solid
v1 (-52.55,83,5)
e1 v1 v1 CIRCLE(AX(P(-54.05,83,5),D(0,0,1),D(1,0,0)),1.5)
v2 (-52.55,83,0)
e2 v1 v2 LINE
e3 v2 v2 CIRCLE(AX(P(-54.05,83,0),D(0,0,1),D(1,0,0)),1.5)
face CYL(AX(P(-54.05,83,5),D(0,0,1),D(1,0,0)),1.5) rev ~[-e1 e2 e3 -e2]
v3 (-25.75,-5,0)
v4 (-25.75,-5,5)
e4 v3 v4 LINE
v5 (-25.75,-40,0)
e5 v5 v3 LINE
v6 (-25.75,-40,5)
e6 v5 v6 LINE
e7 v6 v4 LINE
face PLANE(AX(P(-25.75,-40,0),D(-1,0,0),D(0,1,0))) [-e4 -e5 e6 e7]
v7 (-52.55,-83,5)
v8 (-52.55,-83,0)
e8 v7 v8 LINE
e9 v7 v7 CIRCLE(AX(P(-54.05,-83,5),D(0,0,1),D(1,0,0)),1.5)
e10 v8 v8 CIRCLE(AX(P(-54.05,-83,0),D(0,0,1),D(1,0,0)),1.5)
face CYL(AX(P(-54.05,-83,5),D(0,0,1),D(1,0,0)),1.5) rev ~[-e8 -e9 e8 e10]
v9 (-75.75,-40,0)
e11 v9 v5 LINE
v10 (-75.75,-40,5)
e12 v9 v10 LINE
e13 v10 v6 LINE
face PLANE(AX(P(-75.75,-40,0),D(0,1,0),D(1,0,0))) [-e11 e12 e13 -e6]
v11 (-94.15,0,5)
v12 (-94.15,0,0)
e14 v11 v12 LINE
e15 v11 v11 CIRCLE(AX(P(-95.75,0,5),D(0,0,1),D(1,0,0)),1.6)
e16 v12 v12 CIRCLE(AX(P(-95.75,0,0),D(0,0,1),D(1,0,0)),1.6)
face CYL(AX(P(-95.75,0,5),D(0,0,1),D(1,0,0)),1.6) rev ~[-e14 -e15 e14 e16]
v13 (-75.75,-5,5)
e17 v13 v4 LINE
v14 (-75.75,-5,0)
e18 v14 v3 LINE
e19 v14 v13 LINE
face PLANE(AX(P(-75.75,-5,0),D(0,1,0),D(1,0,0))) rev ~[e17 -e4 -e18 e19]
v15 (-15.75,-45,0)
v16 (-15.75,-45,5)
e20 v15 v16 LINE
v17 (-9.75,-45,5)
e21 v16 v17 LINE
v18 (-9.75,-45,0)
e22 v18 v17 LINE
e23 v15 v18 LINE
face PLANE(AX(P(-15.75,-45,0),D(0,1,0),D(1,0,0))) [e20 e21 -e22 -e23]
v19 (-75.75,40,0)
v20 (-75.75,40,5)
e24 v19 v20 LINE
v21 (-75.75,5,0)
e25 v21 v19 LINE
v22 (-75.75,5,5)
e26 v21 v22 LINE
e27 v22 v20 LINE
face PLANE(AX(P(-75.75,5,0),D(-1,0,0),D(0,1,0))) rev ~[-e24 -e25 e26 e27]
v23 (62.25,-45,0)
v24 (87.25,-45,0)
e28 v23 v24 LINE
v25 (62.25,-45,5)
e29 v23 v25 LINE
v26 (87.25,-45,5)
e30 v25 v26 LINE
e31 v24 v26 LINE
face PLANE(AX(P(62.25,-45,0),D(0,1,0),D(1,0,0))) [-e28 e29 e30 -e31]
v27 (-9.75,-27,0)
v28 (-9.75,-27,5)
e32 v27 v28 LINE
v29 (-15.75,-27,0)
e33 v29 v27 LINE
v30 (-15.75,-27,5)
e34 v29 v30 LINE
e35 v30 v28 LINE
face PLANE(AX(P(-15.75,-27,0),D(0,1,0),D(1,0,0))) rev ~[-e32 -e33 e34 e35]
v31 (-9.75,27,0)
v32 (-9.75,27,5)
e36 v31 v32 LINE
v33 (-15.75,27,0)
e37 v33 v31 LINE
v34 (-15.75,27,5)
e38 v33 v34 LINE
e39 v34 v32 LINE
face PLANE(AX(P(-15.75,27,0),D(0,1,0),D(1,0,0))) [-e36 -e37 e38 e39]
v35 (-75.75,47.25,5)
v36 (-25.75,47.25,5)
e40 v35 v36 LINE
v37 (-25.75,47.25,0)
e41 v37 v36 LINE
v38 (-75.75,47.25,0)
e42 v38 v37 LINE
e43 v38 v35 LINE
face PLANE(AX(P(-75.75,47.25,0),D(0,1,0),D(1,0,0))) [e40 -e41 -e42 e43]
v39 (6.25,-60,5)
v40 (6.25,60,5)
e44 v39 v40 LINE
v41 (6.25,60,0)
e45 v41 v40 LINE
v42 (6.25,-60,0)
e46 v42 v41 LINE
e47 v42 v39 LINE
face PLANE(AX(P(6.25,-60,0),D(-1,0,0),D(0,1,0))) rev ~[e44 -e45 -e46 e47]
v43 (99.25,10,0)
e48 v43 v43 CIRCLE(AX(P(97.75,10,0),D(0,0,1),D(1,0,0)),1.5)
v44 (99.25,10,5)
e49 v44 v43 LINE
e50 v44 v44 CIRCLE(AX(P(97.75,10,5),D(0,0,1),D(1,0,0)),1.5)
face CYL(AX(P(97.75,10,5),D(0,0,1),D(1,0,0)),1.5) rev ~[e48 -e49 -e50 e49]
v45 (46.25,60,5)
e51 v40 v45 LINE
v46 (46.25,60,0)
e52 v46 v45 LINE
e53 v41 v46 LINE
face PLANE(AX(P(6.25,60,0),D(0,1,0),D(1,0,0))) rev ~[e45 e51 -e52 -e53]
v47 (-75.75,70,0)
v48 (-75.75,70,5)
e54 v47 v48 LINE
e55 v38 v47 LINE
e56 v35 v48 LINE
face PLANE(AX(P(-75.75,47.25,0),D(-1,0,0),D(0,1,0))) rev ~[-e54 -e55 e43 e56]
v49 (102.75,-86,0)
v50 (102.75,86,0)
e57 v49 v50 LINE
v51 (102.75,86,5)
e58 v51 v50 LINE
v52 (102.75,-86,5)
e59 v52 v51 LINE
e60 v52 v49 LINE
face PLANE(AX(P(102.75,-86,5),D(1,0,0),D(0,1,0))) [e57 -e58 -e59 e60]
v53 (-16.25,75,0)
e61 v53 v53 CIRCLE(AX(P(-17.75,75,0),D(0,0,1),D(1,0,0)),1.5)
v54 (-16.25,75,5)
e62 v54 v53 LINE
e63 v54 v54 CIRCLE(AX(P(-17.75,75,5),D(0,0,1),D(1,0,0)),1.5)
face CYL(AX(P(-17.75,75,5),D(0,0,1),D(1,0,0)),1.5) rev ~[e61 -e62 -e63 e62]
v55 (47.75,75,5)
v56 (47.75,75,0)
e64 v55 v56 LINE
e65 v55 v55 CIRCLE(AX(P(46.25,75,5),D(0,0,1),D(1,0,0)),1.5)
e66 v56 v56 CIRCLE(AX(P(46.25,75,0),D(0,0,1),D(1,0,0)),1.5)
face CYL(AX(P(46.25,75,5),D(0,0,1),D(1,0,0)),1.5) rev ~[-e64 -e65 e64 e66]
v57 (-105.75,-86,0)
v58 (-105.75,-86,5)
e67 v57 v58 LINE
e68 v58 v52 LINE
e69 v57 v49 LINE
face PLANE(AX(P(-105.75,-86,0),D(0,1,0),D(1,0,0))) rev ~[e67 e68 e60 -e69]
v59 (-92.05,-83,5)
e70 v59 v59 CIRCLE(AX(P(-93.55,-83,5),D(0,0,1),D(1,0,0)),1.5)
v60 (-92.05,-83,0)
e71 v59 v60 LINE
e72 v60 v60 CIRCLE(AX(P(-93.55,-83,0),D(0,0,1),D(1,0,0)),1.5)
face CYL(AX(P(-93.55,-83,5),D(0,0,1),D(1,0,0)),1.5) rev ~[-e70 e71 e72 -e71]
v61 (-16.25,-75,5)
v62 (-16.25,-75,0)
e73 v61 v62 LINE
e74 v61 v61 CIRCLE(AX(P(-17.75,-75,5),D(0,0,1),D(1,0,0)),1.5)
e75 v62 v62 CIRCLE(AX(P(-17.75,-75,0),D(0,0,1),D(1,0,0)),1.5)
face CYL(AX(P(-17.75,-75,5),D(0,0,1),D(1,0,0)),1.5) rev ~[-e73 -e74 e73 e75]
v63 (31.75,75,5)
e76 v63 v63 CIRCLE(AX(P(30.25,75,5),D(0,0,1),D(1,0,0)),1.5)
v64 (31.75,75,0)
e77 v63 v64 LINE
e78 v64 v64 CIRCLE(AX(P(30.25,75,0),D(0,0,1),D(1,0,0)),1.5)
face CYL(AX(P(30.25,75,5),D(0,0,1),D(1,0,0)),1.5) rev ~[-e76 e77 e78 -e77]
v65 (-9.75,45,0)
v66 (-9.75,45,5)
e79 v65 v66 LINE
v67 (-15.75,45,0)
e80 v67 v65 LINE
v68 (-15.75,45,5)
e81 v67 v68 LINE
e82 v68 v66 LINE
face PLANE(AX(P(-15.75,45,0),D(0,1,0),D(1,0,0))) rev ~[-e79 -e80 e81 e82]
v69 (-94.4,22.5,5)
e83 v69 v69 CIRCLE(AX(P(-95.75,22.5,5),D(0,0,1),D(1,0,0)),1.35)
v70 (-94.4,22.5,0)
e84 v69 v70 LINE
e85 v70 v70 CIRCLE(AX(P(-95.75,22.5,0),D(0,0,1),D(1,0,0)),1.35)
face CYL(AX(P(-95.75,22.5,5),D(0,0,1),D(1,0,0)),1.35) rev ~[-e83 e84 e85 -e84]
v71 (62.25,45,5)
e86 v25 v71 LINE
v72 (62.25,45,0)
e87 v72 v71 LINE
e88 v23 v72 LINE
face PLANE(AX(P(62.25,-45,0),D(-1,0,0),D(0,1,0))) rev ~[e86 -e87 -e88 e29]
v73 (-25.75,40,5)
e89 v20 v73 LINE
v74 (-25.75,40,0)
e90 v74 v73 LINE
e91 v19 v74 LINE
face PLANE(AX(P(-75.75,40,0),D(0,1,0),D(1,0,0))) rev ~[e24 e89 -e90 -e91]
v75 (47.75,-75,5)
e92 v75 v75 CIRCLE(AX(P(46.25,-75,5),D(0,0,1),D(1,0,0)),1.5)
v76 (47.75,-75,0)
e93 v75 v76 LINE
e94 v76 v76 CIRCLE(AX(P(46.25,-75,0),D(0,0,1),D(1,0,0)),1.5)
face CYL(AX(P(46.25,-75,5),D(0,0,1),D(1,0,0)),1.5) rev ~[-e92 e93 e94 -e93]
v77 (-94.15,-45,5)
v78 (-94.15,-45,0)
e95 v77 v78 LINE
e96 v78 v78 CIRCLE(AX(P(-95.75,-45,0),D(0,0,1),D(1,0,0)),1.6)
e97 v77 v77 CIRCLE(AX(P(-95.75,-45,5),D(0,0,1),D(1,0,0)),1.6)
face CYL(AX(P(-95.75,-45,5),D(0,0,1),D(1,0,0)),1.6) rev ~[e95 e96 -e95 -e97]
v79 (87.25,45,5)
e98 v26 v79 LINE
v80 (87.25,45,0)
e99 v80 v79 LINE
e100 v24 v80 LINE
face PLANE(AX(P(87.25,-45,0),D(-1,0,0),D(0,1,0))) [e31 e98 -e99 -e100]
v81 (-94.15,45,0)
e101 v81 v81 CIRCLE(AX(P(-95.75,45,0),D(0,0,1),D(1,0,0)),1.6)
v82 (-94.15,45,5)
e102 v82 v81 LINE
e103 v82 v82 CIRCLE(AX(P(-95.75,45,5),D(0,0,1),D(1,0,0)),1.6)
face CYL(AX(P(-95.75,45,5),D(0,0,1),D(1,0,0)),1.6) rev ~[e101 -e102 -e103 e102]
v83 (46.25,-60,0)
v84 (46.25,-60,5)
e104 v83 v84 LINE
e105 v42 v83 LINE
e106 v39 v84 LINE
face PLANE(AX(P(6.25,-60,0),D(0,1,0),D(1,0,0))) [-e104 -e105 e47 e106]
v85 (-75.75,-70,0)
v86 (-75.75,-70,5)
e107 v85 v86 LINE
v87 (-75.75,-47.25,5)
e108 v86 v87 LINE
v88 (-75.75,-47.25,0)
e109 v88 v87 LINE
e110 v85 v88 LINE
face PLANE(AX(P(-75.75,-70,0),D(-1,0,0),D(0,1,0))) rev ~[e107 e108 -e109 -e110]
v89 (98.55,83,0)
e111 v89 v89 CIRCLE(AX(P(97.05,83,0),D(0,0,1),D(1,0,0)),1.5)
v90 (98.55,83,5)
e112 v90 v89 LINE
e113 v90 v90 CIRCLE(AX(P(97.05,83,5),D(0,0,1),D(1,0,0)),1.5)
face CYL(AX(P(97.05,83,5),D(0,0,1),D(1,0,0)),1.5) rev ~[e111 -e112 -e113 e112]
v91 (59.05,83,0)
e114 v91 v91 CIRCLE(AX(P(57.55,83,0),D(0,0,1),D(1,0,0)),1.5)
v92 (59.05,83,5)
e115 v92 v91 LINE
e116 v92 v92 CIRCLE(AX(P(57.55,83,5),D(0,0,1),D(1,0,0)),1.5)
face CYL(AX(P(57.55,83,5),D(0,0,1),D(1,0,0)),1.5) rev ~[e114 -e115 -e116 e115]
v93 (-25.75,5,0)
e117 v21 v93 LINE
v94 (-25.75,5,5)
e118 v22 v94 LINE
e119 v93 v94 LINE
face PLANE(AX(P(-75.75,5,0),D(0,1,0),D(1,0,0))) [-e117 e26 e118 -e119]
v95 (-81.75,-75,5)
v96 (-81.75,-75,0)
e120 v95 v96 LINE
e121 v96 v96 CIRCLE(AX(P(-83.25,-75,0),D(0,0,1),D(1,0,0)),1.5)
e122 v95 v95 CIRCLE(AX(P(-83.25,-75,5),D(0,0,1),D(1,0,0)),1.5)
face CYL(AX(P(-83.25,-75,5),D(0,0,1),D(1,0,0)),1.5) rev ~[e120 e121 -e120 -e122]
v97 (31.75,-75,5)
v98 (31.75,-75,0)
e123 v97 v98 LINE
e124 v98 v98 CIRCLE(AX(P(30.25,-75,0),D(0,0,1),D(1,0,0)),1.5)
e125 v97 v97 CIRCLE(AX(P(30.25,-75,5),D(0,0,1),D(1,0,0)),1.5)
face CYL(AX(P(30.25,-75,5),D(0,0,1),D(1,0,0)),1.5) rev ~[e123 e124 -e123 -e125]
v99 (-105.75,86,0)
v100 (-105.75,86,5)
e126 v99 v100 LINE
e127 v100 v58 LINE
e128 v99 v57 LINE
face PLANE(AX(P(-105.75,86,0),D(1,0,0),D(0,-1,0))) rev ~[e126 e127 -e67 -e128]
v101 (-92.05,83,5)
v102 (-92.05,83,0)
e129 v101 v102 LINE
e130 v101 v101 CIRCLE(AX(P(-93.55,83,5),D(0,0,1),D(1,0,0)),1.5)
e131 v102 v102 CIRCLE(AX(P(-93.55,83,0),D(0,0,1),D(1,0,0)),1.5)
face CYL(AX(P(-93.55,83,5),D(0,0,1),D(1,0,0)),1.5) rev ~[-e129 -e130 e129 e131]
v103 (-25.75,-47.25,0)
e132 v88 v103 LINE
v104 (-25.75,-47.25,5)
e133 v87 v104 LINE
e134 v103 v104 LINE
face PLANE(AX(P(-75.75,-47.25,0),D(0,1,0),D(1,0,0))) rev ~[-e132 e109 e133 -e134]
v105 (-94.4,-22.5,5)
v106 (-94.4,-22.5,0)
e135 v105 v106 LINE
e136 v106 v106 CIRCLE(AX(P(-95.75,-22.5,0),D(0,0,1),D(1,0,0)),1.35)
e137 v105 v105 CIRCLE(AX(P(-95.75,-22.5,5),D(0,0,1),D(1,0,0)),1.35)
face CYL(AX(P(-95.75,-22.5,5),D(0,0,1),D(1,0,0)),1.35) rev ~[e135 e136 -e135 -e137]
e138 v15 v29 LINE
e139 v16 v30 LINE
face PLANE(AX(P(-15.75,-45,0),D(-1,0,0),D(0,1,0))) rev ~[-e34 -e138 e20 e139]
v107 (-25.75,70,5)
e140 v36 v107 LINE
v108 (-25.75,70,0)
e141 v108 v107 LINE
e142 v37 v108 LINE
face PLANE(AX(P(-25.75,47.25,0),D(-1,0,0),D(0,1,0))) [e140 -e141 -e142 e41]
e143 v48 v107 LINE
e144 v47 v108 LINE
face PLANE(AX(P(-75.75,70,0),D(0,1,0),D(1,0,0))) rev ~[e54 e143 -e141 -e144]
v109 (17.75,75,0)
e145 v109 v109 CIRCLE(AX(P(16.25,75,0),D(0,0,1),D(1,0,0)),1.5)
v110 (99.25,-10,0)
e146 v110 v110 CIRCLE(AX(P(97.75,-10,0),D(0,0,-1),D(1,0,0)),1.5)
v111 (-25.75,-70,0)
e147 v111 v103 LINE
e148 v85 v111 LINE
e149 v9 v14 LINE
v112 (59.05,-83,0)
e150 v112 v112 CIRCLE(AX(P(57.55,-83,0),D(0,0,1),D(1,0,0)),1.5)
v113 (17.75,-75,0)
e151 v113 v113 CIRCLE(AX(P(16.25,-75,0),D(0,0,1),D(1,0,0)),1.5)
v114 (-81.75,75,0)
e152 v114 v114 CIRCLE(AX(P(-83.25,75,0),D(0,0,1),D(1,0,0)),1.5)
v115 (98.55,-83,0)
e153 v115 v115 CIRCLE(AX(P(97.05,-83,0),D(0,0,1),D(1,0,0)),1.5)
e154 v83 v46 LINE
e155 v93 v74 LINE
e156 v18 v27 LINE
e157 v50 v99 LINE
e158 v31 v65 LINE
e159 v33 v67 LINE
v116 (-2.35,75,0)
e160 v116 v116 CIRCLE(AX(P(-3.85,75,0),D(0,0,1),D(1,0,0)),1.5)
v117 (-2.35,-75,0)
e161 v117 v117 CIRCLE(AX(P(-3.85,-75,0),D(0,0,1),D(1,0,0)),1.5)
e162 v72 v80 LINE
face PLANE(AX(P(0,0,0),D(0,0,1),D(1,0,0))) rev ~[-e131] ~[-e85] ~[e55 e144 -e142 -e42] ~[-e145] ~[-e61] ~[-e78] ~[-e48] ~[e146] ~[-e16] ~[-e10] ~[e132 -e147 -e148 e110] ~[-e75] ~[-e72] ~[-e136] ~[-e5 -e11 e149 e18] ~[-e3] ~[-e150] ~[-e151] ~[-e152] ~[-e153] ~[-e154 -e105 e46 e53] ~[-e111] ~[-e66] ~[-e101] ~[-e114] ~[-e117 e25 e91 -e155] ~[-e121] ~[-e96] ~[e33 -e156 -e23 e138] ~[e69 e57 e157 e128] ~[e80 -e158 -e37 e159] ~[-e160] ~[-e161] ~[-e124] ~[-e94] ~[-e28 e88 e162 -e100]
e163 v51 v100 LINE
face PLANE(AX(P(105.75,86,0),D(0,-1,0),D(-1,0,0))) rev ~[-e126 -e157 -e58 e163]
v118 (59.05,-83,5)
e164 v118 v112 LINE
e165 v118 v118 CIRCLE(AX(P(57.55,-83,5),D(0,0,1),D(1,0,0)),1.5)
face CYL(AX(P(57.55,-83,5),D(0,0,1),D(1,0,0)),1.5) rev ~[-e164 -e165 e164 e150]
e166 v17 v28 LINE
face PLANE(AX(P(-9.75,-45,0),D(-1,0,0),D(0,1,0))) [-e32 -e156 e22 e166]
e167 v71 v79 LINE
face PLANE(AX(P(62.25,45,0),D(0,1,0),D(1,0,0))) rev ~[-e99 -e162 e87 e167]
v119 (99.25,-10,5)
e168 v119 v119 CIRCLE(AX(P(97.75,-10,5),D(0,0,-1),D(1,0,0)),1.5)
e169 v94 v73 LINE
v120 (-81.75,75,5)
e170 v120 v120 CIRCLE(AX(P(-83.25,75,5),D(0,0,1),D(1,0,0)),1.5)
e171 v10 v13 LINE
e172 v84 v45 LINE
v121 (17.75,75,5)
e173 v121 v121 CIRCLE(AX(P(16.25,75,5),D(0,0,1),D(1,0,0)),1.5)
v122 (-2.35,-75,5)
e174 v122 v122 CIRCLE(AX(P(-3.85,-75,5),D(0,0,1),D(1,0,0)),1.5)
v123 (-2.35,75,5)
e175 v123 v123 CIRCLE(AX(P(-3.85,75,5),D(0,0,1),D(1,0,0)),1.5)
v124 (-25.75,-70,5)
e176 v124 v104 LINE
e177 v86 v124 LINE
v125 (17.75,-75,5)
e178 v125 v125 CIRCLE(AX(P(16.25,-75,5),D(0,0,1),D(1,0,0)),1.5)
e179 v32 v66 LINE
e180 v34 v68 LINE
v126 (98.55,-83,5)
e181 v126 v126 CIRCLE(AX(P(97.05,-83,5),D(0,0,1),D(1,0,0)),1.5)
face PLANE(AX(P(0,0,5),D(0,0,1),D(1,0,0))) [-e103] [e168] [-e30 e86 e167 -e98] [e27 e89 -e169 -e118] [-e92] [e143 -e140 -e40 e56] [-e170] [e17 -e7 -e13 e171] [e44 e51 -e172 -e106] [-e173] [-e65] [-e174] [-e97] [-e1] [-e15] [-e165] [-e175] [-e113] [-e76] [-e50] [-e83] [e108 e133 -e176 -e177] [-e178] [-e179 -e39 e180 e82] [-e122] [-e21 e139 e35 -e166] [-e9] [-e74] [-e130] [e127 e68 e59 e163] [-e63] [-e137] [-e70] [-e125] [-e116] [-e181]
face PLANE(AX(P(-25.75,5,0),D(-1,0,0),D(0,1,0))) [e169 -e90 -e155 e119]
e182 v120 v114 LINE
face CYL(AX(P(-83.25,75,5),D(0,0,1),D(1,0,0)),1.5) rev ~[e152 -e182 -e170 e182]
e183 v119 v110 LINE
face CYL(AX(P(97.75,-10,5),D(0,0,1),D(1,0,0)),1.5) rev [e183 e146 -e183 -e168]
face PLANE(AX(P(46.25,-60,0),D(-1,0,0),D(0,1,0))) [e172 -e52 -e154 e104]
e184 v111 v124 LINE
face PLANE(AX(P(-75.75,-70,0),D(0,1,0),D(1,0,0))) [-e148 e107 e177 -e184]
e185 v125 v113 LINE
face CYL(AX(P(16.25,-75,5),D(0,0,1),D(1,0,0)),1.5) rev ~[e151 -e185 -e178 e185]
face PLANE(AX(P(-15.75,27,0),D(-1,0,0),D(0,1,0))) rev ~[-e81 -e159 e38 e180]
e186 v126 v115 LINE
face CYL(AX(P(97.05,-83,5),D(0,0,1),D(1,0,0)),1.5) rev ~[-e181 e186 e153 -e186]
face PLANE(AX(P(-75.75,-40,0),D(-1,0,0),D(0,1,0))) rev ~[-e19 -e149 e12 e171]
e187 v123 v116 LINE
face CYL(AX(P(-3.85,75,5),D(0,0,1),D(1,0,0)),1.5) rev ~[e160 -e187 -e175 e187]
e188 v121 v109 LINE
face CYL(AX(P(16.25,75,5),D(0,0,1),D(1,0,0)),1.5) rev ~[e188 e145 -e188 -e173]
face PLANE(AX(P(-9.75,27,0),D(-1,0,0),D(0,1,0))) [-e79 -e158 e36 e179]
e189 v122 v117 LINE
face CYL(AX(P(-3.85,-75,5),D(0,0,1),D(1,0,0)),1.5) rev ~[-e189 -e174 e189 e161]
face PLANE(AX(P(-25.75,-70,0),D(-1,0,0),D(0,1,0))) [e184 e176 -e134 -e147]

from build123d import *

# Parameters (mm, degrees)
SKETCH_1_W          = 50
SKETCH_1_H          = 22.75
SKETCH_1_H_2        = 35
SKETCH_1_W_2        = 40
SKETCH_1_H_3        = 120
SKETCH_1_W_3        = 25
SKETCH_1_H_4        = 90
SKETCH_1_W_4        = 6
SKETCH_1_H_5        = 18
EXTRUDE_1_DEPTH     = 5
SKETCH_2_R          = 1.5
CUT_EXTRUDE_1_DEPTH = 10
SKETCH_3_R          = 1.5
CUT_EXTRUDE_2_DEPTH = 10
SKETCH_4_R          = 1.5
CUT_EXTRUDE_3_DEPTH = 10
SKETCH_5_R          = 1.5
CUT_EXTRUDE_4_DEPTH = 24
SKETCH_6_R          = 1.6
CUT_EXTRUDE_5_DEPTH = 10
SKETCH_7_W          = 3
SKETCH_7_H          = 172
CUT_EXTRUDE_6_DEPTH = 10
SKETCH_9_R          = 1.5
CUT_EXTRUDE_7_DEPTH = 5
SKETCH_10_R         = 1.35
CUT_EXTRUDE_8_DEPTH = 10


with BuildPart() as part:
    # 草图1 → 凸台-拉伸1 (new body)
    with BuildSketch(Plane.XY):
        Polygon((-105.75, 86), (-105.75, 70), (-105.75, -86), (105.75, -86), (105.75, 86), align=None)
        with Locations((-50.75, 58.625)):
            Rectangle(SKETCH_1_W, SKETCH_1_H, mode=Mode.SUBTRACT)
        with Locations((-50.75, 22.5)):
            Rectangle(SKETCH_1_W, SKETCH_1_H_2, mode=Mode.SUBTRACT)
        with Locations((-50.75, -58.625)):
            Rectangle(SKETCH_1_W, SKETCH_1_H, mode=Mode.SUBTRACT)
        with Locations((26.25, 0)):
            Rectangle(SKETCH_1_W_2, SKETCH_1_H_3, mode=Mode.SUBTRACT)
        with Locations((74.75, 0)):
            Rectangle(SKETCH_1_W_3, SKETCH_1_H_4, mode=Mode.SUBTRACT)
        with Locations((-50.75, -22.5)):
            Rectangle(SKETCH_1_W, SKETCH_1_H_2, mode=Mode.SUBTRACT)
        with Locations((-12.75, -36)):
            Rectangle(SKETCH_1_W_4, SKETCH_1_H_5, mode=Mode.SUBTRACT)
        with Locations((-12.75, 36)):
            Rectangle(SKETCH_1_W_4, SKETCH_1_H_5, mode=Mode.SUBTRACT)
    extrude(amount=EXTRUDE_1_DEPTH)

    # 草图2 → 切除-拉伸1 (cut)
    with BuildSketch(Plane.XY.offset(5)):
        with Locations((97.05, 83)):
            Circle(SKETCH_2_R)
        with Locations((-93.55, 83)):
            Circle(SKETCH_2_R)
        with Locations((57.55, 83)):
            Circle(SKETCH_2_R)
        with Locations((-54.05, 83)):
            Circle(SKETCH_2_R)
        with Locations((57.55, -83)):
            Circle(SKETCH_2_R)
        with Locations((97.05, -83)):
            Circle(SKETCH_2_R)
        with Locations((-54.05, -83)):
            Circle(SKETCH_2_R)
        with Locations((-93.55, -83)):
            Circle(SKETCH_2_R)
    extrude(amount=-CUT_EXTRUDE_1_DEPTH, mode=Mode.SUBTRACT)

    # 草图3 → 切除-拉伸2 (cut)
    with BuildSketch(Plane.XY.offset(5)):
        with Locations((46.25, 75)):
            Circle(SKETCH_3_R)
        with Locations((46.25, -75)):
            Circle(SKETCH_3_R)
        with Locations((30.25, -75)):
            Circle(SKETCH_3_R)
        with Locations((30.25, 75)):
            Circle(SKETCH_3_R)
        with Locations((16.25, 75)):
            Circle(SKETCH_3_R)
        with Locations((16.25, -75)):
            Circle(SKETCH_3_R)
    extrude(amount=-CUT_EXTRUDE_2_DEPTH, mode=Mode.SUBTRACT)

    # 草图4 → 切除-拉伸3 (cut)
    with BuildSketch(Plane.XY.offset(5)):
        with Locations((-3.85, 75)):
            Circle(SKETCH_4_R)
        with Locations((-3.85, -75)):
            Circle(SKETCH_4_R)
    extrude(amount=-CUT_EXTRUDE_3_DEPTH, mode=Mode.SUBTRACT)

    # 草图5 → 切除-拉伸4 (cut)
    with BuildSketch(Plane.XY.offset(5)):
        with Locations((-17.75, 75)):
            Circle(SKETCH_5_R)
        with Locations((-83.25, 75)):
            Circle(SKETCH_5_R)
        with Locations((-83.25, -75)):
            Circle(SKETCH_5_R)
        with Locations((-17.75, -75)):
            Circle(SKETCH_5_R)
    extrude(amount=-CUT_EXTRUDE_4_DEPTH, mode=Mode.SUBTRACT)

    # 草图6 → 切除-拉伸5 (cut)
    with BuildSketch(Plane.XY.offset(5)):
        with Locations((-95.75, 45)):
            Circle(SKETCH_6_R)
        with Locations((-95.75, 0)):
            Circle(SKETCH_6_R)
        with Locations((-95.75, -45)):
            Circle(SKETCH_6_R)
    extrude(amount=-CUT_EXTRUDE_5_DEPTH, mode=Mode.SUBTRACT)

    # 草图7 → 切除-拉伸6 (cut)
    with BuildSketch(Plane.XY.offset(5)):
        with Locations((104.25, 0)):
            Rectangle(SKETCH_7_W, SKETCH_7_H)
    extrude(amount=-CUT_EXTRUDE_6_DEPTH, mode=Mode.SUBTRACT)

    # 草图9 → 切除-拉伸7 (cut)
    with BuildSketch(Plane.XY.offset(5)):
        with Locations((97.75, 10)):
            Circle(SKETCH_9_R)
    cut_extrude_7 = extrude(amount=-CUT_EXTRUDE_7_DEPTH, mode=Mode.SUBTRACT)

    # 镜向1: 切除-拉伸7 across plane
    add(cut_extrude_7.mirror(Plane.ZX), mode=Mode.SUBTRACT)

    # 草图10 → 切除-拉伸8 (cut)
    with BuildSketch(Plane.XY.offset(5)):
        with Locations((-95.75, 22.5)):
            Circle(SKETCH_10_R)
        with Locations((-95.75, -22.5)):
            Circle(SKETCH_10_R)
    extrude(amount=-CUT_EXTRUDE_8_DEPTH, mode=Mode.SUBTRACT)


solid = part.part
